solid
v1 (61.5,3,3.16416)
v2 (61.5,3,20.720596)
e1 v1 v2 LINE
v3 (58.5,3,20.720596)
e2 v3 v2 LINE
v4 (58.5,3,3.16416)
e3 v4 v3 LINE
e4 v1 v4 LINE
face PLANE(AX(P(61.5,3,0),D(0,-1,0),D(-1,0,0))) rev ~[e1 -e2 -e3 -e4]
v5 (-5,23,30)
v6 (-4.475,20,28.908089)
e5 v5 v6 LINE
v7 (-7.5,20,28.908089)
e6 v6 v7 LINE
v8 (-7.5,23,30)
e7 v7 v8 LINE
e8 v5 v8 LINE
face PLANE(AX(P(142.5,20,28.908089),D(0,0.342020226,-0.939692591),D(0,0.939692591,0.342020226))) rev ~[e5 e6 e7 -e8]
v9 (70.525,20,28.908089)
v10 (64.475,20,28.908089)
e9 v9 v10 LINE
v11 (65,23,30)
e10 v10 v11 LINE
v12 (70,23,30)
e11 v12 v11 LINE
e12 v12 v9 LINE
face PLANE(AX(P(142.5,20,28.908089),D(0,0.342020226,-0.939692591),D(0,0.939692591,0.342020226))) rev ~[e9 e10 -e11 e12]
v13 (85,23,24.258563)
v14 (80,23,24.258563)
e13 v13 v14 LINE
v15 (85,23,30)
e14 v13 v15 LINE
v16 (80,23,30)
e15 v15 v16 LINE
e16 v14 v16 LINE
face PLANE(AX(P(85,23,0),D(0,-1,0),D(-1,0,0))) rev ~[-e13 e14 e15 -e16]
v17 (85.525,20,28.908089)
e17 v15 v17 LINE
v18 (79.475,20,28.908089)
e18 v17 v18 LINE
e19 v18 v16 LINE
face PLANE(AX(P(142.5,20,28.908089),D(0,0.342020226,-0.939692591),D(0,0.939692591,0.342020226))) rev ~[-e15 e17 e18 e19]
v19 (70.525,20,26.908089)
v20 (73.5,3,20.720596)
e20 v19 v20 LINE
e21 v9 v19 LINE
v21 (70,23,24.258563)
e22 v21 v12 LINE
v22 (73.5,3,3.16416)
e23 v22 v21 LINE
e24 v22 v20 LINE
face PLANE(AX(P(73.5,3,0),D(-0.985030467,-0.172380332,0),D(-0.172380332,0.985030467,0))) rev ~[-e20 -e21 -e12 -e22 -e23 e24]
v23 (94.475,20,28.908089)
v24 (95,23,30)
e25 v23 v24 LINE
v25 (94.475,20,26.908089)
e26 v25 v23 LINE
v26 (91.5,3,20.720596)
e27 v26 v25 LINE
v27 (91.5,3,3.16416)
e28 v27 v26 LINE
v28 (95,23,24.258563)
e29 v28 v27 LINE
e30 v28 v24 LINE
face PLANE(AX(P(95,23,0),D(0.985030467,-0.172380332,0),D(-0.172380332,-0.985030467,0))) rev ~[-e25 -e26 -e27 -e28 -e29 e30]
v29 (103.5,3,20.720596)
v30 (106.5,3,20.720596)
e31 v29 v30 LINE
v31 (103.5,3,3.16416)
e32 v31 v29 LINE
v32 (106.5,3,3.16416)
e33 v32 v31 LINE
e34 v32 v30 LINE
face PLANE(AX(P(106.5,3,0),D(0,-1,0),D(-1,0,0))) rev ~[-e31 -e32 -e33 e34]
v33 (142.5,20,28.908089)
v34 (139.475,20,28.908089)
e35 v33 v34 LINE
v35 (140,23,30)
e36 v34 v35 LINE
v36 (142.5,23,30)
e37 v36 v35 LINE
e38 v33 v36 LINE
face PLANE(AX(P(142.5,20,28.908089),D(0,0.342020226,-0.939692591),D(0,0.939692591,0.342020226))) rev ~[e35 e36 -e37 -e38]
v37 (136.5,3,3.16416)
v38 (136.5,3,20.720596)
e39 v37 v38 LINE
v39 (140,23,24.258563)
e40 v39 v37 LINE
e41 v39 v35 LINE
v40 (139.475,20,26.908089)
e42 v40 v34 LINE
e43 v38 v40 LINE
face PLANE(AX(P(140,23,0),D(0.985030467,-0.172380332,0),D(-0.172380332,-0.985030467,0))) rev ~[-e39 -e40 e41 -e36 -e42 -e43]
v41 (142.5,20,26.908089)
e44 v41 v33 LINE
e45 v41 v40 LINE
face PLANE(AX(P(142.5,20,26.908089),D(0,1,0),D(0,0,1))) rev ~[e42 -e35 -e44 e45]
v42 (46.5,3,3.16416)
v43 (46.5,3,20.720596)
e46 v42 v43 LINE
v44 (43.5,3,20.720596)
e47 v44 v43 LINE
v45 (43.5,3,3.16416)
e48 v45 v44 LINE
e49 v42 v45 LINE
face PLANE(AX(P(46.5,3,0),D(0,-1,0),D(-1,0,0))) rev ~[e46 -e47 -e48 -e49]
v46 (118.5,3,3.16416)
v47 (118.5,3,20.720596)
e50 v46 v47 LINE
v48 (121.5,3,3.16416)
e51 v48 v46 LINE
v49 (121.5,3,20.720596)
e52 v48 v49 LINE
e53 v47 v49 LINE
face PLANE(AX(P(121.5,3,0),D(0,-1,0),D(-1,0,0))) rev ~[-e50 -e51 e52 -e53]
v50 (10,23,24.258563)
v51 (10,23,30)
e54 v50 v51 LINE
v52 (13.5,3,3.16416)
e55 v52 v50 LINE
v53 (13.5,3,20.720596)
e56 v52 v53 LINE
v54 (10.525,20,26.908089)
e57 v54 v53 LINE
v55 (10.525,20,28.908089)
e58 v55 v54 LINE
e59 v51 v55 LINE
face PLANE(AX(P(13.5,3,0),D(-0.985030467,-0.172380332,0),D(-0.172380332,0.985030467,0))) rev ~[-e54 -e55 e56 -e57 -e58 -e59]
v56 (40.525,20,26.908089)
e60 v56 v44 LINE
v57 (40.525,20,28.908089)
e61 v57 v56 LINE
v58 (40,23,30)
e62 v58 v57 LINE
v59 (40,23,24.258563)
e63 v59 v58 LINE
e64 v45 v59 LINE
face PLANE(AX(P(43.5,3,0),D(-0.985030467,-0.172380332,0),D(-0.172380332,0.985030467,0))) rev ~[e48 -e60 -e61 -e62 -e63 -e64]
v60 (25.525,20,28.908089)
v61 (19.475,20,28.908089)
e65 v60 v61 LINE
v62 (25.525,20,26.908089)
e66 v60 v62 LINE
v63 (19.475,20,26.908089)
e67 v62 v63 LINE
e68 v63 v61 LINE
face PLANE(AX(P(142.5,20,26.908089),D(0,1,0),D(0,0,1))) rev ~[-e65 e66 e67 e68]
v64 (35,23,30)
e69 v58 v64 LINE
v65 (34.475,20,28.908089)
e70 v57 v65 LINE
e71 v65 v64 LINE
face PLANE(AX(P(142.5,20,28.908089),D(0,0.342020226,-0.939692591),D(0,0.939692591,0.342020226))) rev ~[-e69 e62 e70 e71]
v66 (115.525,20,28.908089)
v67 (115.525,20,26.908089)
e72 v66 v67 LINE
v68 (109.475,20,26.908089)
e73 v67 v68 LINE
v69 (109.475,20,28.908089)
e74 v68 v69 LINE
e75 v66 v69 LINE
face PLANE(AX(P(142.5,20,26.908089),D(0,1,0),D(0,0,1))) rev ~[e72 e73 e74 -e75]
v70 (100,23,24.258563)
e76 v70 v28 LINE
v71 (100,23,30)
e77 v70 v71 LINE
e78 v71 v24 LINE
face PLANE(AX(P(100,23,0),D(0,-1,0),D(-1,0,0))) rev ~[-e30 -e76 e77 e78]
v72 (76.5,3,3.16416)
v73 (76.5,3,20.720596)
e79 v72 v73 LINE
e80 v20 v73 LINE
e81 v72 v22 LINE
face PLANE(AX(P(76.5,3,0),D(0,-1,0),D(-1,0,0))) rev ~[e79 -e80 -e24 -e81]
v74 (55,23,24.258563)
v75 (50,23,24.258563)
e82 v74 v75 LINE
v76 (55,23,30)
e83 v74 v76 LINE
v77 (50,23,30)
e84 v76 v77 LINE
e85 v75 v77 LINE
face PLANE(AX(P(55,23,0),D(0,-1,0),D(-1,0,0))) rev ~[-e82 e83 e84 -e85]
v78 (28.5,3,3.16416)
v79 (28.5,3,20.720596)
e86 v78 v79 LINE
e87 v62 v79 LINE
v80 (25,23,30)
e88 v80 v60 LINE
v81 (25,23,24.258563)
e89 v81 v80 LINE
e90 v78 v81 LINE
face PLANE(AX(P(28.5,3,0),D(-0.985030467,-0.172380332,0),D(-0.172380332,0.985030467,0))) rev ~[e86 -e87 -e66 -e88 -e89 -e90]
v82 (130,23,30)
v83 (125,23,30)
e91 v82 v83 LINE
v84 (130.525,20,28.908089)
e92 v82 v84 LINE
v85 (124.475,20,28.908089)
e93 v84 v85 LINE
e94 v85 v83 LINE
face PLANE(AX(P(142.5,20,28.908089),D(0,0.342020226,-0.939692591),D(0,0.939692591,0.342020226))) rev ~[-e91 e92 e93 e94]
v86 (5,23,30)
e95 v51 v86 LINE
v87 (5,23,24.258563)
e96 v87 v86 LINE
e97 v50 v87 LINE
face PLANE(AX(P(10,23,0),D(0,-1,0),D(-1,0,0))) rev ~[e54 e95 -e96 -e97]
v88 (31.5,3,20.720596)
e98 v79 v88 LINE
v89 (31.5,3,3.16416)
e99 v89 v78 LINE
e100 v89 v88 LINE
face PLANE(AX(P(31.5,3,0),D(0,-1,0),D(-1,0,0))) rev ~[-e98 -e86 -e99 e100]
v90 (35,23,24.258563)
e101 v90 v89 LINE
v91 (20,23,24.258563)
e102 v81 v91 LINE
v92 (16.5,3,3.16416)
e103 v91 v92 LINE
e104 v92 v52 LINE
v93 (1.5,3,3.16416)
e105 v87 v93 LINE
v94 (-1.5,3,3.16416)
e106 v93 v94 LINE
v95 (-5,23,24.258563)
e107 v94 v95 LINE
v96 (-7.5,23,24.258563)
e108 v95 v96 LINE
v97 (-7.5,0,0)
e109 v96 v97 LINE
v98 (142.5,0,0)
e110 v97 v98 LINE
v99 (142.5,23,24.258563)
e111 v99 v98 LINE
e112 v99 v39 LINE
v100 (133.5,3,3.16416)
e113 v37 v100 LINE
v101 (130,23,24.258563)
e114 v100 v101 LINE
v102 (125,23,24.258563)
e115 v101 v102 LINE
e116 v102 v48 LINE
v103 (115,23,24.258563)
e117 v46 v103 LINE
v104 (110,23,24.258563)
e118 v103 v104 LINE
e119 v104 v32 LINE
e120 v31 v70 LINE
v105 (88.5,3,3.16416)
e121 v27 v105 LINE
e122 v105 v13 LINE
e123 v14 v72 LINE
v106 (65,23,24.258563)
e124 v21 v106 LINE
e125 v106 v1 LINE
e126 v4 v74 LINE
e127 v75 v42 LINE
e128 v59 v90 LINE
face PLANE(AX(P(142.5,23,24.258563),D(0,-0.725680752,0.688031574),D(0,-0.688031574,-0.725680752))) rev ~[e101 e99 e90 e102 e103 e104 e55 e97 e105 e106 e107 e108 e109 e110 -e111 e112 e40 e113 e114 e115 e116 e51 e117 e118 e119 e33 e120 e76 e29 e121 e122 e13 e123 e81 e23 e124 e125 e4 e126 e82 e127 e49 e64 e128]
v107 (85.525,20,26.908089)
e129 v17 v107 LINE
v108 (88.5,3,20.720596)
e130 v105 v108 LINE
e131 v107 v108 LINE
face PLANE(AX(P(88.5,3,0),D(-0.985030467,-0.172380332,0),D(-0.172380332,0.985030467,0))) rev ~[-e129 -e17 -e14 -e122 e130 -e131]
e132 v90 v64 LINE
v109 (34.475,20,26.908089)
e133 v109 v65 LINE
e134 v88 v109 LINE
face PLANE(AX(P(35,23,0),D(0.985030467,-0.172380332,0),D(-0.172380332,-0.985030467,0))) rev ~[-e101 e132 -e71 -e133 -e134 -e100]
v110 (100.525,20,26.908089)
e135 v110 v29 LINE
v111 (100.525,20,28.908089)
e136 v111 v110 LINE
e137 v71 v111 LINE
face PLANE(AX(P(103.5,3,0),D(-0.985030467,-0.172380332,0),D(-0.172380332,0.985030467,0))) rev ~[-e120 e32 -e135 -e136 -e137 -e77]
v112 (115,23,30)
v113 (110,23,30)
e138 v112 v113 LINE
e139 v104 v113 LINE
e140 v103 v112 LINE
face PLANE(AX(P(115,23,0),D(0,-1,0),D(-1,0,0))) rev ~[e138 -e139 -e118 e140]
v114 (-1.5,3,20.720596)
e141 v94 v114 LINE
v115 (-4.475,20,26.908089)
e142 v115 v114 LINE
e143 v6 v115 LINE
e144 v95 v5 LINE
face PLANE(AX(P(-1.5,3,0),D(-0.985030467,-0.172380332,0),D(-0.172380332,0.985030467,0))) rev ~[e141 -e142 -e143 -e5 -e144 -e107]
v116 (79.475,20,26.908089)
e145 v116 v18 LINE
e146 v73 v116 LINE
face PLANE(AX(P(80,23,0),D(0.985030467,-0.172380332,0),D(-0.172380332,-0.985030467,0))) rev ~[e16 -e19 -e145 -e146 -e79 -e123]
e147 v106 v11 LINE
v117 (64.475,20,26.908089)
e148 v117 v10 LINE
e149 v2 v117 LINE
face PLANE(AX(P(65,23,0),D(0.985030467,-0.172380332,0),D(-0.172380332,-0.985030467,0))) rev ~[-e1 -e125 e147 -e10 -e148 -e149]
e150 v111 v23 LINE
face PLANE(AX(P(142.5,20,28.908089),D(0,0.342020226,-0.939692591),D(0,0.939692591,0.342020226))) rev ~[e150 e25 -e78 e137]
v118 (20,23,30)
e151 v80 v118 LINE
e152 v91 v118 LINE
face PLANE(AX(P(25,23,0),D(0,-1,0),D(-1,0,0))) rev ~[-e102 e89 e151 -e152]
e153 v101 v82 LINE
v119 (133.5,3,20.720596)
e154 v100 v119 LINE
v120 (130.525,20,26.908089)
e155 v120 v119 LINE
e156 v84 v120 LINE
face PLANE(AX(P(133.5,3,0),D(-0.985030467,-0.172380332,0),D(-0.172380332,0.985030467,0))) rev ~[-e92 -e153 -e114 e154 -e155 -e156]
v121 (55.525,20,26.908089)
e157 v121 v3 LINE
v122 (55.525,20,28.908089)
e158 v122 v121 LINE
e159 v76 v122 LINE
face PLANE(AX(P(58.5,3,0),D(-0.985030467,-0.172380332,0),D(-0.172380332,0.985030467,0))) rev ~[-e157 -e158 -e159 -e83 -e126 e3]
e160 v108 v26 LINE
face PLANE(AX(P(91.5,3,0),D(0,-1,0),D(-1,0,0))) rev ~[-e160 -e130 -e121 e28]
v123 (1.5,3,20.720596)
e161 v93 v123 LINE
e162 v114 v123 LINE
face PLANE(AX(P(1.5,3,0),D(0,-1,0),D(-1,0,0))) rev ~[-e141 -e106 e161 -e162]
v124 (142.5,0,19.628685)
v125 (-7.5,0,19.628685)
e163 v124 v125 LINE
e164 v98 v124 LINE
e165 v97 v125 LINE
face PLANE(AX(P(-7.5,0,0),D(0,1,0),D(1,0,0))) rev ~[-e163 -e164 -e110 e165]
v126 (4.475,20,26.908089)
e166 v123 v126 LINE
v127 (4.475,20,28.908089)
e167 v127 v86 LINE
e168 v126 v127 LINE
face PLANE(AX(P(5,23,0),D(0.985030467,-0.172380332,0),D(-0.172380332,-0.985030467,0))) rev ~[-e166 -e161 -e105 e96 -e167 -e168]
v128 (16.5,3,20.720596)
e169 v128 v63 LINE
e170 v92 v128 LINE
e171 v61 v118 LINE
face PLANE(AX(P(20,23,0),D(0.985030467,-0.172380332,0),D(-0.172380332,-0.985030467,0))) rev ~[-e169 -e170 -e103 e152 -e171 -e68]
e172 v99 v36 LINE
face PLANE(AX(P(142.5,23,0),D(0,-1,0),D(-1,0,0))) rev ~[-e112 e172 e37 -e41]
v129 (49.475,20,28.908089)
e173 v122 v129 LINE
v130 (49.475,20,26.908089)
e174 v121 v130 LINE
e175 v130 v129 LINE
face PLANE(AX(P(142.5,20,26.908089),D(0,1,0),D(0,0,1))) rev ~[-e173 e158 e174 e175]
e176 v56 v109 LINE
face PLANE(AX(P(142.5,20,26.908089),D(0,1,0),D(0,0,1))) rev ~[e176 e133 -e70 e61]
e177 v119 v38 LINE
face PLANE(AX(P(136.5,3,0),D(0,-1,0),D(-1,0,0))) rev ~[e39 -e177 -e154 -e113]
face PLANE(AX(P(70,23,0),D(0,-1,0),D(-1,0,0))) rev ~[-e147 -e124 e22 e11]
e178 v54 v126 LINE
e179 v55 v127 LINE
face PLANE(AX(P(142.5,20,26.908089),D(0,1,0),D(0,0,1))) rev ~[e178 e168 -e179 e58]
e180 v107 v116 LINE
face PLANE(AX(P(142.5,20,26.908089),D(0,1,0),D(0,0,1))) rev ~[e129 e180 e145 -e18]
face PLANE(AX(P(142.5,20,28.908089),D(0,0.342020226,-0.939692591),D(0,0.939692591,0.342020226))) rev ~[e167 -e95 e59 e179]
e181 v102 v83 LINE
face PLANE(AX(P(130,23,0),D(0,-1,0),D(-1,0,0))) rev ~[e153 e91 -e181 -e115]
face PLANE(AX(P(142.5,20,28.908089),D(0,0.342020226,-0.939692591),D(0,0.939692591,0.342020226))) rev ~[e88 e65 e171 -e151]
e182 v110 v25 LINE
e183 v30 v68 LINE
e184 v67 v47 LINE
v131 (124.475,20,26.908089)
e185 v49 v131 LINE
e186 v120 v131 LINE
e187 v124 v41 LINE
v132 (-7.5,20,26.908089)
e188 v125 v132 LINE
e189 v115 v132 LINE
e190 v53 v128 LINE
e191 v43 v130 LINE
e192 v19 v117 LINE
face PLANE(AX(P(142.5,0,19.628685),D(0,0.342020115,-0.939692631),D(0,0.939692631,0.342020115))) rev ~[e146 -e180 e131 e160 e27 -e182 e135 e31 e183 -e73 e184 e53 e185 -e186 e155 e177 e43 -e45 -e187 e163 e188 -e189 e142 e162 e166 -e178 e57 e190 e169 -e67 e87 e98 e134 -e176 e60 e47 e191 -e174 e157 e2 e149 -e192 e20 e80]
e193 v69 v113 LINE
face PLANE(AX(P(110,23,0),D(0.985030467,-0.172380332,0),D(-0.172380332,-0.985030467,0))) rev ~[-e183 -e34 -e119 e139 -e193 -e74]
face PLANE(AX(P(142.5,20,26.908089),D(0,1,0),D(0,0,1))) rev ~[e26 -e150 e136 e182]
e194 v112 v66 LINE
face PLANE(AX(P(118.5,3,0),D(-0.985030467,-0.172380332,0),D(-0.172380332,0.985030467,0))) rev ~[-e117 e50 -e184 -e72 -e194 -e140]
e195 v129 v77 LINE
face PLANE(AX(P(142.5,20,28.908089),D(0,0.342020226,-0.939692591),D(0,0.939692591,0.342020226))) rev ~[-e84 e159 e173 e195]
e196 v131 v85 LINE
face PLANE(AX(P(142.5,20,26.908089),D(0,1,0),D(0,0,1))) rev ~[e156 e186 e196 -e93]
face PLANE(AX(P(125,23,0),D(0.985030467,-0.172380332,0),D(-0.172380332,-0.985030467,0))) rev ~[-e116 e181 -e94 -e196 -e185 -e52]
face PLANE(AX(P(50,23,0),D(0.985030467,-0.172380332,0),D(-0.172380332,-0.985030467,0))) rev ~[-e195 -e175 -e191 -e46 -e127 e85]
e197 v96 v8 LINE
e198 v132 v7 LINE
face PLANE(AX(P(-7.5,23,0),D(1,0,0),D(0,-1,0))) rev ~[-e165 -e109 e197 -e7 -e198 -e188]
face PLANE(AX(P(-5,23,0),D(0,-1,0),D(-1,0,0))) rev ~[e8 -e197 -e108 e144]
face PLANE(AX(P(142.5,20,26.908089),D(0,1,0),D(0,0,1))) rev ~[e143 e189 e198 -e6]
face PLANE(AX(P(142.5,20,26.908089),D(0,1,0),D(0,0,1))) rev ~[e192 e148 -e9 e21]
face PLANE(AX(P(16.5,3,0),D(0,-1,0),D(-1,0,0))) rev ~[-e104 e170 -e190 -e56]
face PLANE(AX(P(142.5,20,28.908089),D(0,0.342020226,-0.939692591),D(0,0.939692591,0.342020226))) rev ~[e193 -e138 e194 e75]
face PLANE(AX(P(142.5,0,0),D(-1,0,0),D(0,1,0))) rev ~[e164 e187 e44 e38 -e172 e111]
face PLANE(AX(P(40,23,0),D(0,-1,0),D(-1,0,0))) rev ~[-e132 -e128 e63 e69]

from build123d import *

# Parameters (mm, degrees)
F1_DEPTH = 30
F3_DEPTH = 150.001


with BuildPart() as f1:
    # F0 (on Top) → F1 (new body)
    with BuildSketch(Plane.XY):
        Polygon((-5, 23), (-7.5, 23), (-7.5, 0), (142.5, 0), (142.5, 23), (140, 23), (136.5, 3), (135, 3), (133.5, 3), (130, 23), (127.5, 23), (125, 23), (121.5, 3), (120, 3), (118.5, 3), (115, 23), (112.5, 23), (110, 23), (106.5, 3), (105, 3), (103.5, 3), (100, 23), (97.5, 23), (95, 23), (91.5, 3), (90, 3), (88.5, 3), (85, 23), (82.5, 23), (80, 23), (76.5, 3), (75, 3), (73.5, 3), (70, 23), (67.5, 23), (65, 23), (61.5, 3), (60, 3), (58.5, 3), (55, 23), (52.5, 23), (50, 23), (46.5, 3), (45, 3), (43.5, 3), (40, 23), (37.5, 23), (35, 23), (31.5, 3), (30, 3), (28.5, 3), (25, 23), (22.5, 23), (20, 23), (16.5, 3), (15, 3), (13.5, 3), (10, 23), (7.5, 23), (5, 23), (1.5, 3), (0, 3), (-1.5, 3), align=None)
    extrude(amount=F1_DEPTH)

    # F2 (on face) → F3 (cut, through all)
    with BuildSketch(Plane.YZ.offset(142.5)):
        Polygon((20, 28.908089), (23, 30), (0, 30), (0, 19.628685), (20, 26.908089), align=None)
        Polygon((23, 24.258563), (0, 0), (23, 0), align=None)
    extrude(amount=-F3_DEPTH, mode=Mode.SUBTRACT)


solid = f1.part
